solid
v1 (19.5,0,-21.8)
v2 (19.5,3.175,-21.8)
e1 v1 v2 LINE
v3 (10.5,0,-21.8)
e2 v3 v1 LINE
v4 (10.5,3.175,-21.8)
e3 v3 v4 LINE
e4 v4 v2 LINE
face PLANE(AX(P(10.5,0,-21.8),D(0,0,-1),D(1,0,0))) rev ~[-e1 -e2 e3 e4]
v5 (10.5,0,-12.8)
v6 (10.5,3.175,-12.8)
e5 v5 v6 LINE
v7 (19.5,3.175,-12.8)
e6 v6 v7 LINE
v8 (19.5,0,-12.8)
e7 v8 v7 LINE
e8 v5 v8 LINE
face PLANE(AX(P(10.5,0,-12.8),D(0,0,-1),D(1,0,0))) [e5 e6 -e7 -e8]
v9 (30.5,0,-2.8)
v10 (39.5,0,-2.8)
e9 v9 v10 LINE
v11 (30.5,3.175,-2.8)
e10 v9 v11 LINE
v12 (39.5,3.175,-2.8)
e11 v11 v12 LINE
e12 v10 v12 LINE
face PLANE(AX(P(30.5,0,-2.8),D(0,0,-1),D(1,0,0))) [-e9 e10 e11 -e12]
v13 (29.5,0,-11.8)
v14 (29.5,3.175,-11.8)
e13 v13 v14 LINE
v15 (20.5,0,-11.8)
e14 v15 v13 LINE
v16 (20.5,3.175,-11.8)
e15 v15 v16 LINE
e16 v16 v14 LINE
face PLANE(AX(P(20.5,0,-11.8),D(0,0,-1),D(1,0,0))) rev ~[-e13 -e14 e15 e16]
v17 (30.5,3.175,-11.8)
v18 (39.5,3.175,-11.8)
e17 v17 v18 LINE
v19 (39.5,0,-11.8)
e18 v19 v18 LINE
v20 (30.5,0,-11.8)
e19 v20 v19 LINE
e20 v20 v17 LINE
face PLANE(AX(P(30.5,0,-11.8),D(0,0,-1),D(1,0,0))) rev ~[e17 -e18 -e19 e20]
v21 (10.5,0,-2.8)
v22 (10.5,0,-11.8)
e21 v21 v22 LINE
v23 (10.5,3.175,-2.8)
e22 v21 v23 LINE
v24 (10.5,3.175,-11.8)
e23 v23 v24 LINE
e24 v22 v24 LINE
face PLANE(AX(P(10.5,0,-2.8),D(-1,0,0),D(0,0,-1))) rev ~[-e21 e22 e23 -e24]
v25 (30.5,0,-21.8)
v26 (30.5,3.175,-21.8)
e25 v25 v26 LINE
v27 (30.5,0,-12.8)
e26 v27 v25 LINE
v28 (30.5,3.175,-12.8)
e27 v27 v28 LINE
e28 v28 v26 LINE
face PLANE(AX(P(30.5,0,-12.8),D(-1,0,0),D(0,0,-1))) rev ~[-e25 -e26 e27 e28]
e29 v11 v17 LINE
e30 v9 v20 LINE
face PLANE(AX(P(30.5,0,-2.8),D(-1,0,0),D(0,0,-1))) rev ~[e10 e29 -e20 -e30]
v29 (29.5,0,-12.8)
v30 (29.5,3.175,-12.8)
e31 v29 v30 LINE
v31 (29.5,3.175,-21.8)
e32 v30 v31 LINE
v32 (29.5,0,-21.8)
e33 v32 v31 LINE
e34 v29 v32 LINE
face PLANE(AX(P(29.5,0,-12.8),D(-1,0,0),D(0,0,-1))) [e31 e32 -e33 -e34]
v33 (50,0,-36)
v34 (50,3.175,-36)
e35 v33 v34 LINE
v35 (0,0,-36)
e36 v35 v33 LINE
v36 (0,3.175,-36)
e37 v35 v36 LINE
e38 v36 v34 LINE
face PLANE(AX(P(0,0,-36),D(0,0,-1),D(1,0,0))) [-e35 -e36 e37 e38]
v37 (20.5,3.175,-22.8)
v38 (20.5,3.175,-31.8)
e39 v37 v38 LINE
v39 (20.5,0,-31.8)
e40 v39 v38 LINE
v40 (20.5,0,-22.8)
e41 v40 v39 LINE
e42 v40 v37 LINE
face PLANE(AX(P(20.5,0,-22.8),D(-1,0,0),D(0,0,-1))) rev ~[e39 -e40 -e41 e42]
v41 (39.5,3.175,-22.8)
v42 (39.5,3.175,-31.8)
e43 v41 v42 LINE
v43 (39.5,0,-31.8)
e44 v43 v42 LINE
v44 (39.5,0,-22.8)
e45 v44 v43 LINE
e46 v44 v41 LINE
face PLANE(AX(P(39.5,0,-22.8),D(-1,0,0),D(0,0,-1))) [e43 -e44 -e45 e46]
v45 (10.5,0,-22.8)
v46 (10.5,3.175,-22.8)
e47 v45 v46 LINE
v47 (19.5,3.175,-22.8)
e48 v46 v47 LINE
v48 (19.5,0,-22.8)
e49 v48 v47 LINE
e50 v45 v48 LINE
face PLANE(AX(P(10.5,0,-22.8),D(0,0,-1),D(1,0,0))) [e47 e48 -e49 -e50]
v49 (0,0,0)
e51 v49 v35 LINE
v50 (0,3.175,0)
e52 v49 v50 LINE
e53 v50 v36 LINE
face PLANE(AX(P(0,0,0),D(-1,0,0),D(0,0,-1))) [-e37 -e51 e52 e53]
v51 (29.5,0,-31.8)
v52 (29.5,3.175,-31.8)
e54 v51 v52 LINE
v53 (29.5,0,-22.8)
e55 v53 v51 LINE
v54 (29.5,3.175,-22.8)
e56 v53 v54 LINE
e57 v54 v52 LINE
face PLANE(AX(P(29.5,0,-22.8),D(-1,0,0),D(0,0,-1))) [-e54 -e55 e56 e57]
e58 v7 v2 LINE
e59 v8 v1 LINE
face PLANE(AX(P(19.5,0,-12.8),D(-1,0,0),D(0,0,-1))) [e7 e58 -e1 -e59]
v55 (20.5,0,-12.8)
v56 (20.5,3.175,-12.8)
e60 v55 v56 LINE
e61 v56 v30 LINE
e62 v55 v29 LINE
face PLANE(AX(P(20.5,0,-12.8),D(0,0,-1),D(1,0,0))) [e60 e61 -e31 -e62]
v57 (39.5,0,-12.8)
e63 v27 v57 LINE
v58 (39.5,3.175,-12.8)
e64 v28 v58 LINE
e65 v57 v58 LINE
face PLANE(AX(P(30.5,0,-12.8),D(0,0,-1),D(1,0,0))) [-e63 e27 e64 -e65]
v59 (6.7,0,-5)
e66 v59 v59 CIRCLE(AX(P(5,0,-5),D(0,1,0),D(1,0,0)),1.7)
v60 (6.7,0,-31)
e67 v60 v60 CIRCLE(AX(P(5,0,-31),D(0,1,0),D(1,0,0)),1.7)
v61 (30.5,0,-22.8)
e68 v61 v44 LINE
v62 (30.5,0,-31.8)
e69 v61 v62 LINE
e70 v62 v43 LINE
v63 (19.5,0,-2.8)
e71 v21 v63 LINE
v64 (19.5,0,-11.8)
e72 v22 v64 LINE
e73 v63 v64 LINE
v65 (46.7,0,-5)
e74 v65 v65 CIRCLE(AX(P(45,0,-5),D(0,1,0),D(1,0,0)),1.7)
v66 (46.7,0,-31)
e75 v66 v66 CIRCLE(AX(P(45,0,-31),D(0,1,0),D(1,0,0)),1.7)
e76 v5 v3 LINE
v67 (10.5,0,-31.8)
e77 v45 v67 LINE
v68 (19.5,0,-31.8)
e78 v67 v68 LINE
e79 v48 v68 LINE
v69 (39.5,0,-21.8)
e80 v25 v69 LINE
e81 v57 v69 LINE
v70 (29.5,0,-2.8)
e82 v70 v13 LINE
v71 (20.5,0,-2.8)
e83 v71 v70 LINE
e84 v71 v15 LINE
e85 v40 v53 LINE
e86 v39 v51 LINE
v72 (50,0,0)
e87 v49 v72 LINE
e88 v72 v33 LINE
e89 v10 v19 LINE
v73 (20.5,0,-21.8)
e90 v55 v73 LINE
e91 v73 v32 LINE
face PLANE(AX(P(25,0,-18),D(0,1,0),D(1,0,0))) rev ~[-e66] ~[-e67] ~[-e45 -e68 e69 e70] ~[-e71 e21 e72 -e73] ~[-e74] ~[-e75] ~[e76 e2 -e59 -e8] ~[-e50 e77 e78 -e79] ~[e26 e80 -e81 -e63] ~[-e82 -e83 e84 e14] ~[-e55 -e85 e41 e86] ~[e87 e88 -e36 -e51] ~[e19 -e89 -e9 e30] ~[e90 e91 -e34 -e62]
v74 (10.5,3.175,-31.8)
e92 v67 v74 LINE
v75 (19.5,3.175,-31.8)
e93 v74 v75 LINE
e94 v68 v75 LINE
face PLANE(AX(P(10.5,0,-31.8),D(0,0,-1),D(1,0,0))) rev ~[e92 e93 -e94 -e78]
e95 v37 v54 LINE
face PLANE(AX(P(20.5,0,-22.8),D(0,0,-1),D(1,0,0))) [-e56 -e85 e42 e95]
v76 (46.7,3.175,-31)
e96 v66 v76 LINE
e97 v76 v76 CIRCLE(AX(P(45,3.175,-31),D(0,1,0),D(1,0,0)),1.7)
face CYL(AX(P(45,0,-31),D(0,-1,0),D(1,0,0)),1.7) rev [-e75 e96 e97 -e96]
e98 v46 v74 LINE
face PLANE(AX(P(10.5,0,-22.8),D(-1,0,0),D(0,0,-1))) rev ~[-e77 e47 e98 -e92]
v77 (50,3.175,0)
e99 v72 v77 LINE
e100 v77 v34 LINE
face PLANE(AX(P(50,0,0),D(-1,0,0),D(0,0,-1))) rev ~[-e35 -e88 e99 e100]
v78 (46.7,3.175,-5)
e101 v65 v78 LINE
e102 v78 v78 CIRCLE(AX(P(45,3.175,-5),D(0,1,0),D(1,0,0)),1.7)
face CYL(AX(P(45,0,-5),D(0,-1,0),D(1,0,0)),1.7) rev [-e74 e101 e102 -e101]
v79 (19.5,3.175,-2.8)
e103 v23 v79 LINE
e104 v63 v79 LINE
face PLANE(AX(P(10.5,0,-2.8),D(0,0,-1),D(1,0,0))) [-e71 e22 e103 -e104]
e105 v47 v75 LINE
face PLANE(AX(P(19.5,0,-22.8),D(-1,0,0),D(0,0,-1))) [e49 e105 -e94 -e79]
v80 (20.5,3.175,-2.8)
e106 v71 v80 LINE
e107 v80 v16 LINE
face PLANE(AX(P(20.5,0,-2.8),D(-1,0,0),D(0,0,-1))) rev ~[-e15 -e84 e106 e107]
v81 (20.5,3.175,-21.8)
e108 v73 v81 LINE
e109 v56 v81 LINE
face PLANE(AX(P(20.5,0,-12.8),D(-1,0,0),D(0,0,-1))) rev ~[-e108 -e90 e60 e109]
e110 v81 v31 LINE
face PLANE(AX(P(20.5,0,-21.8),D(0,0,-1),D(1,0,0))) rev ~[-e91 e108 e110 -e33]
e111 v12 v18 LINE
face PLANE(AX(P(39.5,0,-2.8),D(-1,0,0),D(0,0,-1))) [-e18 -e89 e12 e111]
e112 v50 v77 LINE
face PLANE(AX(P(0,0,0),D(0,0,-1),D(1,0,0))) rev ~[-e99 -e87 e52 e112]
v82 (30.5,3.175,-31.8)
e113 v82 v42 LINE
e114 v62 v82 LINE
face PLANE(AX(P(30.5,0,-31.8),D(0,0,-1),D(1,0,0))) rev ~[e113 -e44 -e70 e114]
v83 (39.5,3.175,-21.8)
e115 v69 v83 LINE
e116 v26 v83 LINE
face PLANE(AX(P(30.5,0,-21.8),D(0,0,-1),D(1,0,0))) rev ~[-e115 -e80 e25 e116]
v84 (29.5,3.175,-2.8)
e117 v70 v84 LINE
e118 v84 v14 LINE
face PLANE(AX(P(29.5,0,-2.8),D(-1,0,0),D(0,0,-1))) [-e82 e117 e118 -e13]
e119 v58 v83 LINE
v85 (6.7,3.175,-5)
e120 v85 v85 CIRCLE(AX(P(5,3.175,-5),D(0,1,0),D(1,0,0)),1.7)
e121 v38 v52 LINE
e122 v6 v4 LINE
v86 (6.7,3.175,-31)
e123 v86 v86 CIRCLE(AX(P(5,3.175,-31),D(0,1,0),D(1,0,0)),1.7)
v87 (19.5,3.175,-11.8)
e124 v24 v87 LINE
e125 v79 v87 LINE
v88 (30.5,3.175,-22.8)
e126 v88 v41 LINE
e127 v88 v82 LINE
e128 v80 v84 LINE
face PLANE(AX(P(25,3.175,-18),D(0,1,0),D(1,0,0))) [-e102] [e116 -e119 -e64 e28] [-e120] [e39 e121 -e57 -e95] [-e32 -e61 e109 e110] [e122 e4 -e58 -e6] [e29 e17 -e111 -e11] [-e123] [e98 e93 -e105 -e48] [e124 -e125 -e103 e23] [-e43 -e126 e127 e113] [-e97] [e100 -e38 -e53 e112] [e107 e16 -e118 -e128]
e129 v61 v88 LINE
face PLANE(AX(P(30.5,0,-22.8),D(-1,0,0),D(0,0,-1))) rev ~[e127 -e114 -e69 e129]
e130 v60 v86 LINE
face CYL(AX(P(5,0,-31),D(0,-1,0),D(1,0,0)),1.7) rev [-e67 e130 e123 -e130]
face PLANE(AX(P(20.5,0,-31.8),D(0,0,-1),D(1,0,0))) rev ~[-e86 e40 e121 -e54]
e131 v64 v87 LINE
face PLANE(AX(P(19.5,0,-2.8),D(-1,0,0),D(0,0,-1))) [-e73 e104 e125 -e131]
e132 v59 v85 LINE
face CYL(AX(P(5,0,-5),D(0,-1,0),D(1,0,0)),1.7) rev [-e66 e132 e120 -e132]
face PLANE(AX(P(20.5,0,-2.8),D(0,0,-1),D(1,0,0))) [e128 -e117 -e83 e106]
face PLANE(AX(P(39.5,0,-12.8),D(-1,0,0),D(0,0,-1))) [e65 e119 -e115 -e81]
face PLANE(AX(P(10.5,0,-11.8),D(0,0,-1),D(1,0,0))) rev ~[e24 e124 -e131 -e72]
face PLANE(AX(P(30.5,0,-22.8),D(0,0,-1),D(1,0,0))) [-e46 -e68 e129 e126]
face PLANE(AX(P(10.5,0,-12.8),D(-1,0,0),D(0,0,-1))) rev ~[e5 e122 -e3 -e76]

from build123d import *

# Parameters (mm, degrees)
SKETCH1_W           = 50
SKETCH1_H           = 36
SKETCH1_R           = 1.7
SKETCH1_W_2         = 9
SKETCH1_H_2         = 9
BOSS_EXTRUDE1_DEPTH = 3.175


with BuildPart() as part:
    # Sketch1 → Boss-Extrude1 (new body)
    with BuildSketch(Plane(origin=(0, 0, 0), x_dir=(1, 0, 0), z_dir=(0, 1, 0))):
        with Locations((25, 18)):
            Rectangle(SKETCH1_W, SKETCH1_H)
        with Locations((5, 5)):
            Circle(SKETCH1_R, mode=Mode.SUBTRACT)
        with Locations((5, 31)):
            Circle(SKETCH1_R, mode=Mode.SUBTRACT)
        with Locations((45, 31)):
            Circle(SKETCH1_R, mode=Mode.SUBTRACT)
        with Locations((45, 5)):
            Circle(SKETCH1_R, mode=Mode.SUBTRACT)
        with Locations((15, 7.3)):
            Rectangle(SKETCH1_W_2, SKETCH1_H_2, mode=Mode.SUBTRACT)
        with Locations((25, 7.3)):
            Rectangle(SKETCH1_W_2, SKETCH1_H_2, mode=Mode.SUBTRACT)
        with Locations((35, 7.3)):
            Rectangle(SKETCH1_W_2, SKETCH1_H_2, mode=Mode.SUBTRACT)
        with Locations((25, 17.3)):
            Rectangle(SKETCH1_W_2, SKETCH1_H_2, mode=Mode.SUBTRACT)
        with Locations((35, 17.3)):
            Rectangle(SKETCH1_W_2, SKETCH1_H_2, mode=Mode.SUBTRACT)
        with Locations((25, 27.3)):
            Rectangle(SKETCH1_W_2, SKETCH1_H_2, mode=Mode.SUBTRACT)
        with Locations((35, 27.3)):
            Rectangle(SKETCH1_W_2, SKETCH1_H_2, mode=Mode.SUBTRACT)
        with Locations((15, 17.3)):
            Rectangle(SKETCH1_W_2, SKETCH1_H_2, mode=Mode.SUBTRACT)
        with Locations((15, 27.3)):
            Rectangle(SKETCH1_W_2, SKETCH1_H_2, mode=Mode.SUBTRACT)
    extrude(amount=BOSS_EXTRUDE1_DEPTH)


solid = part.part
